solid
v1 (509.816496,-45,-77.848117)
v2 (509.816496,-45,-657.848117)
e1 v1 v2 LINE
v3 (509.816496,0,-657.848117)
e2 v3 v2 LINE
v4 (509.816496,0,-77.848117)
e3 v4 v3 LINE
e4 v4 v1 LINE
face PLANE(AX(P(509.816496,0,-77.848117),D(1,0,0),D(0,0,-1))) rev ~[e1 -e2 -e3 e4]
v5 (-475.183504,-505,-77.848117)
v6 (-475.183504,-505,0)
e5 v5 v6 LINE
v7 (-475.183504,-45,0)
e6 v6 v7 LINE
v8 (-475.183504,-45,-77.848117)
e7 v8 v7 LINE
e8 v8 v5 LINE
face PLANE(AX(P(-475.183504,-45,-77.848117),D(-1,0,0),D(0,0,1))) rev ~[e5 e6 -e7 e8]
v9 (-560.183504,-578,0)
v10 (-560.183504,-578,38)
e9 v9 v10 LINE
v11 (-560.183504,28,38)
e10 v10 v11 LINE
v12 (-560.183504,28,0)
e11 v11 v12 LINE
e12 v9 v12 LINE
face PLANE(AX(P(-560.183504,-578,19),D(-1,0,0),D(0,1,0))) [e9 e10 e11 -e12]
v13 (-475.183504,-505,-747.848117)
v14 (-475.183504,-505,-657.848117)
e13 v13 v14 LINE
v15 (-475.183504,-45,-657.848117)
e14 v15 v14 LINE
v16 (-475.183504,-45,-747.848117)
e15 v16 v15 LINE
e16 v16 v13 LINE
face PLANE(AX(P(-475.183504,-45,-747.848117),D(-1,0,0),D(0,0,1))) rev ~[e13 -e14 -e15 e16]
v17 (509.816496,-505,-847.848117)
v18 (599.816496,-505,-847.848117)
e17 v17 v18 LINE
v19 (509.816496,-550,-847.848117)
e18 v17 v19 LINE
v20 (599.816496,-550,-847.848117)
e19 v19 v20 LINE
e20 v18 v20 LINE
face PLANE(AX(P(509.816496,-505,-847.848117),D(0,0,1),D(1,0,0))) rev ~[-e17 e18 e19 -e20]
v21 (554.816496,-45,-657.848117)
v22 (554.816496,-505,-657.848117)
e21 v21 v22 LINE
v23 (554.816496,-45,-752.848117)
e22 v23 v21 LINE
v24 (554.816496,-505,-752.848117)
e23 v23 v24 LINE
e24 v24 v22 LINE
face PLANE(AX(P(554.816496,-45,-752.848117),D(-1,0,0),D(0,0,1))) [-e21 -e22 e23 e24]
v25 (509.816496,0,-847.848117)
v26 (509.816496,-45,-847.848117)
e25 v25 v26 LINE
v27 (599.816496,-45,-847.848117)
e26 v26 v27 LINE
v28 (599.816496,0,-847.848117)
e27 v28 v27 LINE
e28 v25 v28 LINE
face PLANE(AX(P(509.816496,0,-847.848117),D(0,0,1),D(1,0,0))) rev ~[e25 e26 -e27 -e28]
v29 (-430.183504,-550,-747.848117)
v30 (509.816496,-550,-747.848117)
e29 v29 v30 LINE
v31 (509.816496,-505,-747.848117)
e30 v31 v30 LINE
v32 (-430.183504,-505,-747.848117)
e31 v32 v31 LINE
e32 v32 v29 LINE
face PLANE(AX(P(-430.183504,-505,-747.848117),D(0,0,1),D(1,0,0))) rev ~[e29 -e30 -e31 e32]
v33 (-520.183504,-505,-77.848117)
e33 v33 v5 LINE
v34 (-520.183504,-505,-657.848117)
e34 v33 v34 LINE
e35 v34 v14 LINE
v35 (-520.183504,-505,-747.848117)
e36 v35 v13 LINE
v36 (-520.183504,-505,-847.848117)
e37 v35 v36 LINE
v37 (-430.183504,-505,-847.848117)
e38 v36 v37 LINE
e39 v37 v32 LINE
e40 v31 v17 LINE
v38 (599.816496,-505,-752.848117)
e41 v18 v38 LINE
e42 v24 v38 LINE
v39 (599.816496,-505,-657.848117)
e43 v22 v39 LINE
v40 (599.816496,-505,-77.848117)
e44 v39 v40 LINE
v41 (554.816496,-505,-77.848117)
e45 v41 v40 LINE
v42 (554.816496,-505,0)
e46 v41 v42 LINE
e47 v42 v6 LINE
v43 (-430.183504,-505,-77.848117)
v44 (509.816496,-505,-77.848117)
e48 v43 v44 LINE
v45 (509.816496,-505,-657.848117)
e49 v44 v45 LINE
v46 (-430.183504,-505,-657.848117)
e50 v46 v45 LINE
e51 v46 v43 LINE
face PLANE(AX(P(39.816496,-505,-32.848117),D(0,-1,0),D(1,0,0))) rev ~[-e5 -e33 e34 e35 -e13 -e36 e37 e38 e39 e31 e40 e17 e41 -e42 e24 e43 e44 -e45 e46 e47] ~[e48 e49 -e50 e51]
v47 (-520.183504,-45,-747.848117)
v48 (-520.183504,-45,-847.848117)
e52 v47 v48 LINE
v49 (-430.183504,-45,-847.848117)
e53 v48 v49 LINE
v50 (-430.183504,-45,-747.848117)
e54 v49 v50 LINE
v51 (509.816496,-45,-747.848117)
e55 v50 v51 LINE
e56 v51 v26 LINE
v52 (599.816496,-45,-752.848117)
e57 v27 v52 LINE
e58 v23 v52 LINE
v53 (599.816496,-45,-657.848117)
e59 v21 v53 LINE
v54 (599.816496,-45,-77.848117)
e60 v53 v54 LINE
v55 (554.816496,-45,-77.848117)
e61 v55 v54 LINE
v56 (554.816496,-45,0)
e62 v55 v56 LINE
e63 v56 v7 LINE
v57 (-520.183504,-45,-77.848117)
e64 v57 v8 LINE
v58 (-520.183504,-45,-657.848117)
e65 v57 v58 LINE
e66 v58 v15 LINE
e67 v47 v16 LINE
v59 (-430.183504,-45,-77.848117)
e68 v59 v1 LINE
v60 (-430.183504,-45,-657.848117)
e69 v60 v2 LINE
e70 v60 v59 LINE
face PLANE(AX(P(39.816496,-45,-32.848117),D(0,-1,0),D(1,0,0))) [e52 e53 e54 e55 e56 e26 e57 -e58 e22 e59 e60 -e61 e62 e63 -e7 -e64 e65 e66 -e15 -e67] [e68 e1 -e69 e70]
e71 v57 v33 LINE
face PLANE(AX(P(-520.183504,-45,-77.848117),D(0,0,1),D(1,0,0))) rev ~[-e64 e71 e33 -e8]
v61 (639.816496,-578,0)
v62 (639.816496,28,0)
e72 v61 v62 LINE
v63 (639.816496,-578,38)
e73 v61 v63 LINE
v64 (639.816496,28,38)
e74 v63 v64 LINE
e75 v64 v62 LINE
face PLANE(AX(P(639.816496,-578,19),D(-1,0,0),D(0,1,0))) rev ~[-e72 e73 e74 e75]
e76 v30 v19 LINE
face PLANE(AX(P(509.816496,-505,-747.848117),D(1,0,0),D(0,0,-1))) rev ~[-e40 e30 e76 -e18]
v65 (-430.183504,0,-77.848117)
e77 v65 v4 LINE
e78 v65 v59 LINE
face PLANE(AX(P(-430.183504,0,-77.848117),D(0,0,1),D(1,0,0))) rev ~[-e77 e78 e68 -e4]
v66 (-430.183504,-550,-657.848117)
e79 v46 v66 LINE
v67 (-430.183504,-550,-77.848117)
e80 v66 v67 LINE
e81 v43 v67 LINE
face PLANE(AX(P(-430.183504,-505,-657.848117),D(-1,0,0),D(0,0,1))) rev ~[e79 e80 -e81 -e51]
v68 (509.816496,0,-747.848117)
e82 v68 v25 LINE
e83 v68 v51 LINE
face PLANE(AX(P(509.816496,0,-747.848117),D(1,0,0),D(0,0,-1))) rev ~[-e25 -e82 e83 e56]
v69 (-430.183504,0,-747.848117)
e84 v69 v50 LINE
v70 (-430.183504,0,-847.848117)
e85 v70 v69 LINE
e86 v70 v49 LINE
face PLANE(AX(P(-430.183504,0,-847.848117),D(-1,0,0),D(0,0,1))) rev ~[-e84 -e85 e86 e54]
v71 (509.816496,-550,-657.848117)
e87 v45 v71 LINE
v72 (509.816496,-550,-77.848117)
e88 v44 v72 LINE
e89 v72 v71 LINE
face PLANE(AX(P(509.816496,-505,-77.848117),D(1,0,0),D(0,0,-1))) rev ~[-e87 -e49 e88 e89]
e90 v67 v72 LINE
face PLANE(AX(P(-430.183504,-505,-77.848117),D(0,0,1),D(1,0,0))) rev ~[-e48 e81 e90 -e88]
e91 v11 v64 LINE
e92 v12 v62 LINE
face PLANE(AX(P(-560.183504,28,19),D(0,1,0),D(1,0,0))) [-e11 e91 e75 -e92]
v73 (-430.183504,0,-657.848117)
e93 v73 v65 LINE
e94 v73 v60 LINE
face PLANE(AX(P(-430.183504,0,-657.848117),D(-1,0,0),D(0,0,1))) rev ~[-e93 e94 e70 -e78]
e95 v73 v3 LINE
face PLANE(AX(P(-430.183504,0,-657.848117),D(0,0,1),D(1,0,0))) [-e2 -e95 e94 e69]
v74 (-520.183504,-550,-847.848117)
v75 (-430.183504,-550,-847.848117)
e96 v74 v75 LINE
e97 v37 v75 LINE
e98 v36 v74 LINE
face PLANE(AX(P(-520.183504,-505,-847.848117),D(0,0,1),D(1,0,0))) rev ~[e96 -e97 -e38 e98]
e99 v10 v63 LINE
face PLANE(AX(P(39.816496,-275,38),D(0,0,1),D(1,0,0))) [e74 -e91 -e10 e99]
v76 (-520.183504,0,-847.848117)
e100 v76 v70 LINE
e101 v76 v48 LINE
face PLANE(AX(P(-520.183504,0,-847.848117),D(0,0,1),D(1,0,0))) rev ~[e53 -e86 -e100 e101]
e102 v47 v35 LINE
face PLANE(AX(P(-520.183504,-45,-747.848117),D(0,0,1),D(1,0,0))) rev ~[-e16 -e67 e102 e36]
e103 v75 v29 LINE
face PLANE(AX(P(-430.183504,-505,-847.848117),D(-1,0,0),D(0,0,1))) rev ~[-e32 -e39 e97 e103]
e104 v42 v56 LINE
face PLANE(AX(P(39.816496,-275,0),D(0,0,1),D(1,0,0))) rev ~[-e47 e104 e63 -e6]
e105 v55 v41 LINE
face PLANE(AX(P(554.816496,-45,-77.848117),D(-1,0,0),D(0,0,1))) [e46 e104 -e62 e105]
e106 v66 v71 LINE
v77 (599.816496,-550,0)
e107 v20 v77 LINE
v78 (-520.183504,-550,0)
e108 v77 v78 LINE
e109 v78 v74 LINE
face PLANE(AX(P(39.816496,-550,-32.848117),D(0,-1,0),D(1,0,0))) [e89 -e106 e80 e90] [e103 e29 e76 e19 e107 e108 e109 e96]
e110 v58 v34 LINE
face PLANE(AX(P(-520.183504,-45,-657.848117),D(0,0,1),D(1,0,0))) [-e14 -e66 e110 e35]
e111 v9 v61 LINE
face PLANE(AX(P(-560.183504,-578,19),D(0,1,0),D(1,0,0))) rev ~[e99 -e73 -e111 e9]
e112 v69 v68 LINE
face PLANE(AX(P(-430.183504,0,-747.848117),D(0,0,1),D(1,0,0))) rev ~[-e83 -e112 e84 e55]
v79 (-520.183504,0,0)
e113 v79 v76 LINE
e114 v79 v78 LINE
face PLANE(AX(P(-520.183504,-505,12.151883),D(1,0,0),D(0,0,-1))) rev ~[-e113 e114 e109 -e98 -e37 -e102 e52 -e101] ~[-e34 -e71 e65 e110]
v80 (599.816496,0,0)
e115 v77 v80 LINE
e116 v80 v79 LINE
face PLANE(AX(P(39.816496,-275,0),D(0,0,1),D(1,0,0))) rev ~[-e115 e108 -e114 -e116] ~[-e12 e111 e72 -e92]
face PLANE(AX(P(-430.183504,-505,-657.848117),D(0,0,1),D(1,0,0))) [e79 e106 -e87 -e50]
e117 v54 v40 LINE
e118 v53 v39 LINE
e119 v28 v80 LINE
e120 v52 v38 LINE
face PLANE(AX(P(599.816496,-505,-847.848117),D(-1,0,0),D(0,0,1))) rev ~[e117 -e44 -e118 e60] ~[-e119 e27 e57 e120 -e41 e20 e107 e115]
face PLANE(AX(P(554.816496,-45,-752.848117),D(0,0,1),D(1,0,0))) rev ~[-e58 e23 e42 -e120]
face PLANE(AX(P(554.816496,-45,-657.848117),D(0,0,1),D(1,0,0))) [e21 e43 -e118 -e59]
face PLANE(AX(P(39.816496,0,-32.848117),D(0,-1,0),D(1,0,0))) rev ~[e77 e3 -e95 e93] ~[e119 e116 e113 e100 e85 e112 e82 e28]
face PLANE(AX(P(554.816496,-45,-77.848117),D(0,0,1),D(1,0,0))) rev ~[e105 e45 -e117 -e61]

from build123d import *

# Parameters (mm, degrees)
F0_W      = 940
F0_H      = 90
F1_DEPTH  = 45
F3_W      = 45
F3_H      = 90
F3_H_2    = 95
F4_DEPTH  = 460
F6_W      = 940
F6_H      = 90
F7_DEPTH  = 45
F8_W      = 1200
F8_H      = 606
F9_DEPTH  = 19
F11_W     = 1200
F11_H     = 606
F12_DEPTH = 19


with BuildPart() as f1:
    # F0 (on Front) → F1 (new body)
    with BuildSketch(Plane.XZ):
        with Locations((39.816496, -32.848117)):
            Rectangle(F0_W, F0_H)
        Polygon((-430.183504, -77.848117), (-430.183504, 12.151883), (-520.183504, 12.151883), (-520.183504, -847.848117), (-430.183504, -847.848117), (-430.183504, -747.848117), (-430.183504, -657.848117), align=None)
        Polygon((599.816496, 12.151883), (509.816496, 12.151883), (509.816496, -77.848117), (509.816496, -657.848117), (509.816496, -747.848117), (509.816496, -847.848117), (599.816496, -847.848117), align=None)
        with Locations((39.816496, -702.848117)):
            Rectangle(F0_W, F0_H)
    extrude(amount=F1_DEPTH)

    # F3 (on offset) → F4 (join)
    with BuildSketch(Plane.XZ.offset(45)):
        with Locations((-497.683504, -32.848117)):
            Rectangle(F3_W, F3_H)
        with Locations((577.316496, -32.848117)):
            Rectangle(F3_W, F3_H)
        with Locations((577.316496, -705.348117)):
            Rectangle(F3_W, F3_H_2)
        with Locations((-497.683504, -702.848117)):
            Rectangle(F3_W, F3_H)
    extrude(amount=F4_DEPTH)

    # F6 (on offset) → F7 (join)
    with BuildSketch(Plane.XZ.offset(505)):
        with Locations((39.816496, -32.848117)):
            Rectangle(F6_W, F6_H)
        Polygon((-430.183504, -77.848117), (-430.183504, 12.151883), (-520.183504, 12.151883), (-520.183504, -847.848117), (-430.183504, -847.848117), (-430.183504, -747.848117), (-430.183504, -657.848117), align=None)
        Polygon((599.816496, 12.151883), (509.816496, 12.151883), (509.816496, -77.848117), (509.816496, -657.848117), (509.816496, -747.848117), (509.816496, -847.848117), (599.816496, -847.848117), align=None)
        with Locations((39.816496, -702.848117)):
            Rectangle(F6_W, F6_H)
    extrude(amount=F7_DEPTH)

    # F8 (on Top) → F9 (join)
    with BuildSketch(Plane.XY):
        with Locations((39.816496, -275)):
            Rectangle(F8_W, F8_H)
    extrude(amount=F9_DEPTH)

    # F11 (on offset) → F12 (join)
    with BuildSketch(Plane.XY.offset(19)):
        with Locations((39.816496, -275)):
            Rectangle(F11_W, F11_H)
    extrude(amount=F12_DEPTH)


solid = f1.part
